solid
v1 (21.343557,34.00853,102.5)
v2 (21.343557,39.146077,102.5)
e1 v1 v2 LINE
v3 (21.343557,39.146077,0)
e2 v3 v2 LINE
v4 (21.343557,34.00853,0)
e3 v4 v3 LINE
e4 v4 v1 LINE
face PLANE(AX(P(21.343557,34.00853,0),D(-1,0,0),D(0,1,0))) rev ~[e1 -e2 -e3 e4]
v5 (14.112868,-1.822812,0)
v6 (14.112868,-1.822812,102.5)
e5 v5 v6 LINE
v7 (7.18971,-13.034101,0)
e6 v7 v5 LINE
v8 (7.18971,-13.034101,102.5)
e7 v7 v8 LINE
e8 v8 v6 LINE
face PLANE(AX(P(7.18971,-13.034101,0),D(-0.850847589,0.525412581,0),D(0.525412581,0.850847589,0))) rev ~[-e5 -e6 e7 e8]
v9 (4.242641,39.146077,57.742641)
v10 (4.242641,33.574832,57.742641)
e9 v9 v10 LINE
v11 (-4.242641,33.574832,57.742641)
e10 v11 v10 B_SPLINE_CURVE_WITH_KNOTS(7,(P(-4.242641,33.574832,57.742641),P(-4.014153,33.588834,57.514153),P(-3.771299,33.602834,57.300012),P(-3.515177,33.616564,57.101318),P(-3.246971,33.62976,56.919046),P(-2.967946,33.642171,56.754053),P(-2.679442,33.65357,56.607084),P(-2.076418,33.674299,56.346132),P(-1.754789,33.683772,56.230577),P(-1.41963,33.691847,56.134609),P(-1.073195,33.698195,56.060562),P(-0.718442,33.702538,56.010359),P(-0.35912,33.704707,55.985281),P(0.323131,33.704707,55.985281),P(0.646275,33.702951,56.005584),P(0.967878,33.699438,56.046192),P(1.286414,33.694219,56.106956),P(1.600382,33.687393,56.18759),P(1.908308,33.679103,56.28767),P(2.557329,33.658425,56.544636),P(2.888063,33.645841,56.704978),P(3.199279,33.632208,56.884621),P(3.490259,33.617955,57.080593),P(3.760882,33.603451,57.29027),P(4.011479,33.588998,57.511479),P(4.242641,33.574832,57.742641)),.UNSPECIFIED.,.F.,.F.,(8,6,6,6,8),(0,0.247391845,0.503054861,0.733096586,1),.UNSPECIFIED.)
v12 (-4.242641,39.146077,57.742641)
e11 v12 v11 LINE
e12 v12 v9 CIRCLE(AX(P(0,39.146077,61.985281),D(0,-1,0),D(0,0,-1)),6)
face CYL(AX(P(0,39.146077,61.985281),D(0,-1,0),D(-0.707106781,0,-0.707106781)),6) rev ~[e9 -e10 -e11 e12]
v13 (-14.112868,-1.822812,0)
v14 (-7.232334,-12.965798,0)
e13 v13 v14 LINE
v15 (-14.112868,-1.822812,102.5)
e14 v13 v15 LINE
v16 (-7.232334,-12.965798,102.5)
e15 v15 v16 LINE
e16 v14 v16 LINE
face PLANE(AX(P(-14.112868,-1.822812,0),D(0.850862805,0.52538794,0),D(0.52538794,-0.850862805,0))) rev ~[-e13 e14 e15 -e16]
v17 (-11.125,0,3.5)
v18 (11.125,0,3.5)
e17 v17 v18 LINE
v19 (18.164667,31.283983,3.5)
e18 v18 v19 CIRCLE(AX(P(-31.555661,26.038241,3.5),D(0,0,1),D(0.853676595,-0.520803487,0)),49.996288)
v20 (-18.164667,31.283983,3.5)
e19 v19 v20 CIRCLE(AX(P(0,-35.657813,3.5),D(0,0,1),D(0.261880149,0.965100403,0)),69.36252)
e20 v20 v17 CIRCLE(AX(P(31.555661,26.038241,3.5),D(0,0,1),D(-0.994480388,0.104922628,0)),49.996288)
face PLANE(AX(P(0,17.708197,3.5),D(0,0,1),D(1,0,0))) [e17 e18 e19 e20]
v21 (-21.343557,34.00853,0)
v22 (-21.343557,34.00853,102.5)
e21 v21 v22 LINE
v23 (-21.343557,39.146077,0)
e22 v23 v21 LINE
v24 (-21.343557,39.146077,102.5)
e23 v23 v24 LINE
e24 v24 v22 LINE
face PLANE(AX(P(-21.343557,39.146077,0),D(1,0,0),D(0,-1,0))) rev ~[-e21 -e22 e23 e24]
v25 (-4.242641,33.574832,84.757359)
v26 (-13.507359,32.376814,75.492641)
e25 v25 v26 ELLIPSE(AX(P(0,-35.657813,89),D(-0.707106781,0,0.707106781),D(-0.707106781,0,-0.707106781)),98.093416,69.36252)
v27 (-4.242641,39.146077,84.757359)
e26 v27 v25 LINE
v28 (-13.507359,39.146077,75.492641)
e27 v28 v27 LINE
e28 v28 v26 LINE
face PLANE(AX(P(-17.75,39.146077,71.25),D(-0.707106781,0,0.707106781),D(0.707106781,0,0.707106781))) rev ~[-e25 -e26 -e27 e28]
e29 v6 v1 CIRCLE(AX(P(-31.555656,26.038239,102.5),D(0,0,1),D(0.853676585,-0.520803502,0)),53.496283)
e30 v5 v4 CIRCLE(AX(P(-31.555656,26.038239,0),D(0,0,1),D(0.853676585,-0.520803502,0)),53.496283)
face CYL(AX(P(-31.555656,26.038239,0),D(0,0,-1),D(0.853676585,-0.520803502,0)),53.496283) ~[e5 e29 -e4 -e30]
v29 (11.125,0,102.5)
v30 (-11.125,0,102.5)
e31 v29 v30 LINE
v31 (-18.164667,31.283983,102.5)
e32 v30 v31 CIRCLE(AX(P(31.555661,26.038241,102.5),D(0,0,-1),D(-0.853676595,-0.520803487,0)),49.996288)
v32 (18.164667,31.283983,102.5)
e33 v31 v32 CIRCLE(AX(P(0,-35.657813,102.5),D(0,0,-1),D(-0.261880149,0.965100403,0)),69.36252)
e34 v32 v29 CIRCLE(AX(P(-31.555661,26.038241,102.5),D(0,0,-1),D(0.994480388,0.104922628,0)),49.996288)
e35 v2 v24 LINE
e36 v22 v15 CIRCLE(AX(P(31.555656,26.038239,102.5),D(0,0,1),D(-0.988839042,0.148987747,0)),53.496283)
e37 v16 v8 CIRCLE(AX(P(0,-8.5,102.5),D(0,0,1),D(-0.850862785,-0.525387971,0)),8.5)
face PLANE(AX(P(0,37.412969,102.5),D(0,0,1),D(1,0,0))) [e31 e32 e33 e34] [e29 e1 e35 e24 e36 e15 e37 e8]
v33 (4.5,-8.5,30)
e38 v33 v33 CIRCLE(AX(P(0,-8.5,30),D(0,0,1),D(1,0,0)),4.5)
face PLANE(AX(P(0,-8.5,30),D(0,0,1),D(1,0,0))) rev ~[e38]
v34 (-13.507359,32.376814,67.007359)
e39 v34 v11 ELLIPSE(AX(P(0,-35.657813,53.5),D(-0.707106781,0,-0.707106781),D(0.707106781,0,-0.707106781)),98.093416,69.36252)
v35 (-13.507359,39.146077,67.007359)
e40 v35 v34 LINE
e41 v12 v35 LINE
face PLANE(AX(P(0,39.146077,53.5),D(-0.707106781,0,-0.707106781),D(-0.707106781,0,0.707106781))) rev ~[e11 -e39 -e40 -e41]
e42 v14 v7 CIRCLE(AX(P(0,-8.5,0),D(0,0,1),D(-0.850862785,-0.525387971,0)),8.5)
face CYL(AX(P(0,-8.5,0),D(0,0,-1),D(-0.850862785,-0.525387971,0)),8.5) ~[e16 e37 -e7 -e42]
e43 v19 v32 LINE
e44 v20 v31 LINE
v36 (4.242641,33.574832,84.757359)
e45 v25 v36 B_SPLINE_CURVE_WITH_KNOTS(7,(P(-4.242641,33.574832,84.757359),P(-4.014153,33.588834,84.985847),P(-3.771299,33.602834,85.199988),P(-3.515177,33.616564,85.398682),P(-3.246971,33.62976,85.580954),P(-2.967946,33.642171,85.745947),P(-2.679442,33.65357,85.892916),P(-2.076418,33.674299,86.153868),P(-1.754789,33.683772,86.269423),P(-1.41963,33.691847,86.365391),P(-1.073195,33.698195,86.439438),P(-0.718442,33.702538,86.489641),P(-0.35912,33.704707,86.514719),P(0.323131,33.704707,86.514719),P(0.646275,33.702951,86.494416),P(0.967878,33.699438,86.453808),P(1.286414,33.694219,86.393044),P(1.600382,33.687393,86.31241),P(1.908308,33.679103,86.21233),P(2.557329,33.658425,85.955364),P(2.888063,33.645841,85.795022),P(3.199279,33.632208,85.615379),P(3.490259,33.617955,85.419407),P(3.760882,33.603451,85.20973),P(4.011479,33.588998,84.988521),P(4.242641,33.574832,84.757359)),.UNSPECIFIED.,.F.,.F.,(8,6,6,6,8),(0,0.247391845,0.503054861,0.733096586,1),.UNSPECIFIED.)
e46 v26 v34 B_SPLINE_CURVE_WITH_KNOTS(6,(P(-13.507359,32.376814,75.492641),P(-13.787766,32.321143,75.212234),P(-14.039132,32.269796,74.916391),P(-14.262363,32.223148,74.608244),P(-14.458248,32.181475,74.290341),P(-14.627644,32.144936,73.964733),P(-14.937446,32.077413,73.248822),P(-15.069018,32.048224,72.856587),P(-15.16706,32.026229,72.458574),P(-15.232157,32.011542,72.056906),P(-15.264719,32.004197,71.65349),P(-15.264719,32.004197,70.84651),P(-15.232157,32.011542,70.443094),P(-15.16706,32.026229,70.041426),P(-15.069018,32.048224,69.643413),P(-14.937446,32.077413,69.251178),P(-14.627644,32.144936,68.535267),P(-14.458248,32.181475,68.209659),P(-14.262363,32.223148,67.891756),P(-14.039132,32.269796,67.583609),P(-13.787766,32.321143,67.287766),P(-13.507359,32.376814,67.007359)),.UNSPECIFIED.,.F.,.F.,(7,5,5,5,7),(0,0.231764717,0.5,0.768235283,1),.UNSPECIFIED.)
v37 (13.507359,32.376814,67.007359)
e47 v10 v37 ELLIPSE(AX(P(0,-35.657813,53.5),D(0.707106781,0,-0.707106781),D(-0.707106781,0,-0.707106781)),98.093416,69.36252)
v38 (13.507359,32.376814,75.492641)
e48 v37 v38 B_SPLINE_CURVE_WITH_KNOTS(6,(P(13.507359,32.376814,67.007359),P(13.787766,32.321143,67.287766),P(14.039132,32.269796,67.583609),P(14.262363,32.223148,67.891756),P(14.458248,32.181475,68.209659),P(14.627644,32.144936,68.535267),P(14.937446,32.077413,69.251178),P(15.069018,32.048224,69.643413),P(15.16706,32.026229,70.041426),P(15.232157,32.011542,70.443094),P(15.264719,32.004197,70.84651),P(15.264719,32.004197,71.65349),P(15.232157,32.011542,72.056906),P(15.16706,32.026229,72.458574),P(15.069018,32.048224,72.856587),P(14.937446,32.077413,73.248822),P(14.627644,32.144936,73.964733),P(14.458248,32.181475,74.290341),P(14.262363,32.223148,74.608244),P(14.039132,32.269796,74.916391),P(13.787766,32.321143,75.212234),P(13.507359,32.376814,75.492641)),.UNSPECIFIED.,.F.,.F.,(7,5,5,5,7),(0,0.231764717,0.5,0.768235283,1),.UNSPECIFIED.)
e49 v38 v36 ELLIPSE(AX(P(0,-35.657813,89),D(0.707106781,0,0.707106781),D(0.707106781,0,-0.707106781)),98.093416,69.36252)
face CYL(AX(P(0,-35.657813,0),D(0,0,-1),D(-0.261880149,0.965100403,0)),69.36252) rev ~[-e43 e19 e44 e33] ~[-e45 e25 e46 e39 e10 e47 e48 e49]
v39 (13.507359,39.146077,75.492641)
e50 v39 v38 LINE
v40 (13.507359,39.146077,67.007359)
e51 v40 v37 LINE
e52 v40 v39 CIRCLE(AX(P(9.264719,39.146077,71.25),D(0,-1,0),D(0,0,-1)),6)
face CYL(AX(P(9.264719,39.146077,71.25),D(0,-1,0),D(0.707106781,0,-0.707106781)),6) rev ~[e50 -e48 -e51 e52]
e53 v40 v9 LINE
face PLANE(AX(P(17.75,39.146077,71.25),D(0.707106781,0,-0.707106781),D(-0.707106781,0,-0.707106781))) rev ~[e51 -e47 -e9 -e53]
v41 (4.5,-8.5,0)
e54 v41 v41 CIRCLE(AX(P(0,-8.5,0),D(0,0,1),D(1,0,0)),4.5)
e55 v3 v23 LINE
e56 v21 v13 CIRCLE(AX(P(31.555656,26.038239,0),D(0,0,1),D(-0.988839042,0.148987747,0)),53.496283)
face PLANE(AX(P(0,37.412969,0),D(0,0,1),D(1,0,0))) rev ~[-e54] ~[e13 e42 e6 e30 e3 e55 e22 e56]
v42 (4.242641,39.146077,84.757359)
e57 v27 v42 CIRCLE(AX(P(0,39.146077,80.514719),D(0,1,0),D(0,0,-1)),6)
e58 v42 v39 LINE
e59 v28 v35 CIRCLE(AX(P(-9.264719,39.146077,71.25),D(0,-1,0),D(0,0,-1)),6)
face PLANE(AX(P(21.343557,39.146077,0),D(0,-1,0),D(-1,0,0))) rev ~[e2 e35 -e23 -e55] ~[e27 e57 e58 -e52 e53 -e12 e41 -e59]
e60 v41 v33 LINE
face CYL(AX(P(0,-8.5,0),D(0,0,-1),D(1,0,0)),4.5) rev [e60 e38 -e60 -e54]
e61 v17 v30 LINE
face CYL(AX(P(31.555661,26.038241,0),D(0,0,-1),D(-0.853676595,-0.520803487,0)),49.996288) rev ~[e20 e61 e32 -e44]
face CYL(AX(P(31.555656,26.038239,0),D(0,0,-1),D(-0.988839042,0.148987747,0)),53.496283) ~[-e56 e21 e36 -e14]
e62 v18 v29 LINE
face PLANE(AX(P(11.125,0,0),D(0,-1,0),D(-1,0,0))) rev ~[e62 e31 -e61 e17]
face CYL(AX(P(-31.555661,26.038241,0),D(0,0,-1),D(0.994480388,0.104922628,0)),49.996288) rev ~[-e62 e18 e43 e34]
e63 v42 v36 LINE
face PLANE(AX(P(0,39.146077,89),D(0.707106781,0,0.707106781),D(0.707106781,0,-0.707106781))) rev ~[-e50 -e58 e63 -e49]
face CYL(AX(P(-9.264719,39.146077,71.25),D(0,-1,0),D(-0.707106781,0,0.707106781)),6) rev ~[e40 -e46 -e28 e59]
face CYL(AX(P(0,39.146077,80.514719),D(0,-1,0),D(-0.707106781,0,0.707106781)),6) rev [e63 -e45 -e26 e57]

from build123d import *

# Parameters (mm, degrees)
F0_R     = 4.5
F1_DEPTH = 102.5
F2_DEPTH = 3.5
F3_DEPTH = 30
F4_DEPTH = 102.5
F6_DEPTH = 10
F7_R     = 6


with BuildPart() as f1:
    # F0 (on Top) → F1 (new body)
    with BuildSketch(Plane.XY):
        with BuildLine():
            ThreePointArc((21.343557, 34.00853), (0, 37.204707), (-21.343557, 34.00853))
            ThreePointArc((-21.343557, 34.00853), (-20.883556, 15.456117), (-14.112868, -1.822812))
            Line((-14.112868, -1.822812), (-7.232334, -12.965798))
            ThreePointArc((-7.232334, -12.965798), (-0.040256, -16.999905), (7.18971, -13.034101))
            Line((7.18971, -13.034101), (14.112868, -1.822812))
            ThreePointArc((14.112868, -1.822812), (20.883556, 15.456117), (21.343557, 34.00853))
        make_face()
        with Locations((0, -8.5)):
            Circle(F0_R, mode=Mode.SUBTRACT)
        with BuildLine():
            Line((11.125, 0), (0, 0))
            Line((0, 0), (-11.125, 0))
            ThreePointArc((-11.125, 0), (-17.220948, 15.062302), (-18.164667, 31.283983))
            ThreePointArc((-18.164667, 31.283983), (0, 33.704707), (18.164667, 31.283983))
            ThreePointArc((18.164667, 31.283983), (17.220948, 15.062302), (11.125, 0))
        make_face(mode=Mode.SUBTRACT)
        with Locations((0, -8.5)):
            Circle(F0_R)
    extrude(amount=F1_DEPTH)

    # F0 (on Top) → F2 (join)
    with BuildSketch(Plane.XY):
        with BuildLine():
            Line((-11.125, 0), (0, 0))
            Line((0, 0), (11.125, 0))
            ThreePointArc((11.125, 0), (17.220948, 15.062302), (18.164667, 31.283983))
            ThreePointArc((18.164667, 31.283983), (0, 33.704707), (-18.164667, 31.283983))
            ThreePointArc((-18.164667, 31.283983), (-17.220948, 15.062302), (-11.125, 0))
        make_face()
    extrude(amount=F2_DEPTH)

    # F0 (on Top) → F3 (cut)
    with BuildSketch(Plane.XY):
        with Locations((0, -8.5)):
            Circle(F0_R)
    extrude(amount=F3_DEPTH, mode=Mode.SUBTRACT)

    # F0 (on Top) → F4 (join)
    with BuildSketch(Plane.XY):
        with BuildLine():
            Line((-21.343557, 39.146077), (-21.343557, 34.00853))
            ThreePointArc((-21.343557, 34.00853), (0, 37.204707), (21.343557, 34.00853))
            Line((21.343557, 34.00853), (21.343557, 39.146077))
            Line((21.343557, 39.146077), (-21.343557, 39.146077))
        make_face()
    extrude(amount=F4_DEPTH)

    # F5 (on face) → F6 (cut)
    with BuildSketch(Plane(origin=(0, 39.146077, 0), x_dir=(-1, 0, 0), z_dir=(0, 1, 0))):
        Polygon((0, 89), (-17.75, 71.25), (0, 53.5), (17.75, 71.25), align=None)
    extrude(amount=-F6_DEPTH, mode=Mode.SUBTRACT)

    # F7
    f7_edges = [f1.edges().sort_by_distance(p)[0] for p in [
        (-17.75, 35.270601, 71.25),
        (0, 36.425392, 53.5),
        (17.75, 35.270601, 71.25),
        (0, 36.425392, 89),
    ]]
    fillet(f7_edges, radius=F7_R)


solid = f1.part
